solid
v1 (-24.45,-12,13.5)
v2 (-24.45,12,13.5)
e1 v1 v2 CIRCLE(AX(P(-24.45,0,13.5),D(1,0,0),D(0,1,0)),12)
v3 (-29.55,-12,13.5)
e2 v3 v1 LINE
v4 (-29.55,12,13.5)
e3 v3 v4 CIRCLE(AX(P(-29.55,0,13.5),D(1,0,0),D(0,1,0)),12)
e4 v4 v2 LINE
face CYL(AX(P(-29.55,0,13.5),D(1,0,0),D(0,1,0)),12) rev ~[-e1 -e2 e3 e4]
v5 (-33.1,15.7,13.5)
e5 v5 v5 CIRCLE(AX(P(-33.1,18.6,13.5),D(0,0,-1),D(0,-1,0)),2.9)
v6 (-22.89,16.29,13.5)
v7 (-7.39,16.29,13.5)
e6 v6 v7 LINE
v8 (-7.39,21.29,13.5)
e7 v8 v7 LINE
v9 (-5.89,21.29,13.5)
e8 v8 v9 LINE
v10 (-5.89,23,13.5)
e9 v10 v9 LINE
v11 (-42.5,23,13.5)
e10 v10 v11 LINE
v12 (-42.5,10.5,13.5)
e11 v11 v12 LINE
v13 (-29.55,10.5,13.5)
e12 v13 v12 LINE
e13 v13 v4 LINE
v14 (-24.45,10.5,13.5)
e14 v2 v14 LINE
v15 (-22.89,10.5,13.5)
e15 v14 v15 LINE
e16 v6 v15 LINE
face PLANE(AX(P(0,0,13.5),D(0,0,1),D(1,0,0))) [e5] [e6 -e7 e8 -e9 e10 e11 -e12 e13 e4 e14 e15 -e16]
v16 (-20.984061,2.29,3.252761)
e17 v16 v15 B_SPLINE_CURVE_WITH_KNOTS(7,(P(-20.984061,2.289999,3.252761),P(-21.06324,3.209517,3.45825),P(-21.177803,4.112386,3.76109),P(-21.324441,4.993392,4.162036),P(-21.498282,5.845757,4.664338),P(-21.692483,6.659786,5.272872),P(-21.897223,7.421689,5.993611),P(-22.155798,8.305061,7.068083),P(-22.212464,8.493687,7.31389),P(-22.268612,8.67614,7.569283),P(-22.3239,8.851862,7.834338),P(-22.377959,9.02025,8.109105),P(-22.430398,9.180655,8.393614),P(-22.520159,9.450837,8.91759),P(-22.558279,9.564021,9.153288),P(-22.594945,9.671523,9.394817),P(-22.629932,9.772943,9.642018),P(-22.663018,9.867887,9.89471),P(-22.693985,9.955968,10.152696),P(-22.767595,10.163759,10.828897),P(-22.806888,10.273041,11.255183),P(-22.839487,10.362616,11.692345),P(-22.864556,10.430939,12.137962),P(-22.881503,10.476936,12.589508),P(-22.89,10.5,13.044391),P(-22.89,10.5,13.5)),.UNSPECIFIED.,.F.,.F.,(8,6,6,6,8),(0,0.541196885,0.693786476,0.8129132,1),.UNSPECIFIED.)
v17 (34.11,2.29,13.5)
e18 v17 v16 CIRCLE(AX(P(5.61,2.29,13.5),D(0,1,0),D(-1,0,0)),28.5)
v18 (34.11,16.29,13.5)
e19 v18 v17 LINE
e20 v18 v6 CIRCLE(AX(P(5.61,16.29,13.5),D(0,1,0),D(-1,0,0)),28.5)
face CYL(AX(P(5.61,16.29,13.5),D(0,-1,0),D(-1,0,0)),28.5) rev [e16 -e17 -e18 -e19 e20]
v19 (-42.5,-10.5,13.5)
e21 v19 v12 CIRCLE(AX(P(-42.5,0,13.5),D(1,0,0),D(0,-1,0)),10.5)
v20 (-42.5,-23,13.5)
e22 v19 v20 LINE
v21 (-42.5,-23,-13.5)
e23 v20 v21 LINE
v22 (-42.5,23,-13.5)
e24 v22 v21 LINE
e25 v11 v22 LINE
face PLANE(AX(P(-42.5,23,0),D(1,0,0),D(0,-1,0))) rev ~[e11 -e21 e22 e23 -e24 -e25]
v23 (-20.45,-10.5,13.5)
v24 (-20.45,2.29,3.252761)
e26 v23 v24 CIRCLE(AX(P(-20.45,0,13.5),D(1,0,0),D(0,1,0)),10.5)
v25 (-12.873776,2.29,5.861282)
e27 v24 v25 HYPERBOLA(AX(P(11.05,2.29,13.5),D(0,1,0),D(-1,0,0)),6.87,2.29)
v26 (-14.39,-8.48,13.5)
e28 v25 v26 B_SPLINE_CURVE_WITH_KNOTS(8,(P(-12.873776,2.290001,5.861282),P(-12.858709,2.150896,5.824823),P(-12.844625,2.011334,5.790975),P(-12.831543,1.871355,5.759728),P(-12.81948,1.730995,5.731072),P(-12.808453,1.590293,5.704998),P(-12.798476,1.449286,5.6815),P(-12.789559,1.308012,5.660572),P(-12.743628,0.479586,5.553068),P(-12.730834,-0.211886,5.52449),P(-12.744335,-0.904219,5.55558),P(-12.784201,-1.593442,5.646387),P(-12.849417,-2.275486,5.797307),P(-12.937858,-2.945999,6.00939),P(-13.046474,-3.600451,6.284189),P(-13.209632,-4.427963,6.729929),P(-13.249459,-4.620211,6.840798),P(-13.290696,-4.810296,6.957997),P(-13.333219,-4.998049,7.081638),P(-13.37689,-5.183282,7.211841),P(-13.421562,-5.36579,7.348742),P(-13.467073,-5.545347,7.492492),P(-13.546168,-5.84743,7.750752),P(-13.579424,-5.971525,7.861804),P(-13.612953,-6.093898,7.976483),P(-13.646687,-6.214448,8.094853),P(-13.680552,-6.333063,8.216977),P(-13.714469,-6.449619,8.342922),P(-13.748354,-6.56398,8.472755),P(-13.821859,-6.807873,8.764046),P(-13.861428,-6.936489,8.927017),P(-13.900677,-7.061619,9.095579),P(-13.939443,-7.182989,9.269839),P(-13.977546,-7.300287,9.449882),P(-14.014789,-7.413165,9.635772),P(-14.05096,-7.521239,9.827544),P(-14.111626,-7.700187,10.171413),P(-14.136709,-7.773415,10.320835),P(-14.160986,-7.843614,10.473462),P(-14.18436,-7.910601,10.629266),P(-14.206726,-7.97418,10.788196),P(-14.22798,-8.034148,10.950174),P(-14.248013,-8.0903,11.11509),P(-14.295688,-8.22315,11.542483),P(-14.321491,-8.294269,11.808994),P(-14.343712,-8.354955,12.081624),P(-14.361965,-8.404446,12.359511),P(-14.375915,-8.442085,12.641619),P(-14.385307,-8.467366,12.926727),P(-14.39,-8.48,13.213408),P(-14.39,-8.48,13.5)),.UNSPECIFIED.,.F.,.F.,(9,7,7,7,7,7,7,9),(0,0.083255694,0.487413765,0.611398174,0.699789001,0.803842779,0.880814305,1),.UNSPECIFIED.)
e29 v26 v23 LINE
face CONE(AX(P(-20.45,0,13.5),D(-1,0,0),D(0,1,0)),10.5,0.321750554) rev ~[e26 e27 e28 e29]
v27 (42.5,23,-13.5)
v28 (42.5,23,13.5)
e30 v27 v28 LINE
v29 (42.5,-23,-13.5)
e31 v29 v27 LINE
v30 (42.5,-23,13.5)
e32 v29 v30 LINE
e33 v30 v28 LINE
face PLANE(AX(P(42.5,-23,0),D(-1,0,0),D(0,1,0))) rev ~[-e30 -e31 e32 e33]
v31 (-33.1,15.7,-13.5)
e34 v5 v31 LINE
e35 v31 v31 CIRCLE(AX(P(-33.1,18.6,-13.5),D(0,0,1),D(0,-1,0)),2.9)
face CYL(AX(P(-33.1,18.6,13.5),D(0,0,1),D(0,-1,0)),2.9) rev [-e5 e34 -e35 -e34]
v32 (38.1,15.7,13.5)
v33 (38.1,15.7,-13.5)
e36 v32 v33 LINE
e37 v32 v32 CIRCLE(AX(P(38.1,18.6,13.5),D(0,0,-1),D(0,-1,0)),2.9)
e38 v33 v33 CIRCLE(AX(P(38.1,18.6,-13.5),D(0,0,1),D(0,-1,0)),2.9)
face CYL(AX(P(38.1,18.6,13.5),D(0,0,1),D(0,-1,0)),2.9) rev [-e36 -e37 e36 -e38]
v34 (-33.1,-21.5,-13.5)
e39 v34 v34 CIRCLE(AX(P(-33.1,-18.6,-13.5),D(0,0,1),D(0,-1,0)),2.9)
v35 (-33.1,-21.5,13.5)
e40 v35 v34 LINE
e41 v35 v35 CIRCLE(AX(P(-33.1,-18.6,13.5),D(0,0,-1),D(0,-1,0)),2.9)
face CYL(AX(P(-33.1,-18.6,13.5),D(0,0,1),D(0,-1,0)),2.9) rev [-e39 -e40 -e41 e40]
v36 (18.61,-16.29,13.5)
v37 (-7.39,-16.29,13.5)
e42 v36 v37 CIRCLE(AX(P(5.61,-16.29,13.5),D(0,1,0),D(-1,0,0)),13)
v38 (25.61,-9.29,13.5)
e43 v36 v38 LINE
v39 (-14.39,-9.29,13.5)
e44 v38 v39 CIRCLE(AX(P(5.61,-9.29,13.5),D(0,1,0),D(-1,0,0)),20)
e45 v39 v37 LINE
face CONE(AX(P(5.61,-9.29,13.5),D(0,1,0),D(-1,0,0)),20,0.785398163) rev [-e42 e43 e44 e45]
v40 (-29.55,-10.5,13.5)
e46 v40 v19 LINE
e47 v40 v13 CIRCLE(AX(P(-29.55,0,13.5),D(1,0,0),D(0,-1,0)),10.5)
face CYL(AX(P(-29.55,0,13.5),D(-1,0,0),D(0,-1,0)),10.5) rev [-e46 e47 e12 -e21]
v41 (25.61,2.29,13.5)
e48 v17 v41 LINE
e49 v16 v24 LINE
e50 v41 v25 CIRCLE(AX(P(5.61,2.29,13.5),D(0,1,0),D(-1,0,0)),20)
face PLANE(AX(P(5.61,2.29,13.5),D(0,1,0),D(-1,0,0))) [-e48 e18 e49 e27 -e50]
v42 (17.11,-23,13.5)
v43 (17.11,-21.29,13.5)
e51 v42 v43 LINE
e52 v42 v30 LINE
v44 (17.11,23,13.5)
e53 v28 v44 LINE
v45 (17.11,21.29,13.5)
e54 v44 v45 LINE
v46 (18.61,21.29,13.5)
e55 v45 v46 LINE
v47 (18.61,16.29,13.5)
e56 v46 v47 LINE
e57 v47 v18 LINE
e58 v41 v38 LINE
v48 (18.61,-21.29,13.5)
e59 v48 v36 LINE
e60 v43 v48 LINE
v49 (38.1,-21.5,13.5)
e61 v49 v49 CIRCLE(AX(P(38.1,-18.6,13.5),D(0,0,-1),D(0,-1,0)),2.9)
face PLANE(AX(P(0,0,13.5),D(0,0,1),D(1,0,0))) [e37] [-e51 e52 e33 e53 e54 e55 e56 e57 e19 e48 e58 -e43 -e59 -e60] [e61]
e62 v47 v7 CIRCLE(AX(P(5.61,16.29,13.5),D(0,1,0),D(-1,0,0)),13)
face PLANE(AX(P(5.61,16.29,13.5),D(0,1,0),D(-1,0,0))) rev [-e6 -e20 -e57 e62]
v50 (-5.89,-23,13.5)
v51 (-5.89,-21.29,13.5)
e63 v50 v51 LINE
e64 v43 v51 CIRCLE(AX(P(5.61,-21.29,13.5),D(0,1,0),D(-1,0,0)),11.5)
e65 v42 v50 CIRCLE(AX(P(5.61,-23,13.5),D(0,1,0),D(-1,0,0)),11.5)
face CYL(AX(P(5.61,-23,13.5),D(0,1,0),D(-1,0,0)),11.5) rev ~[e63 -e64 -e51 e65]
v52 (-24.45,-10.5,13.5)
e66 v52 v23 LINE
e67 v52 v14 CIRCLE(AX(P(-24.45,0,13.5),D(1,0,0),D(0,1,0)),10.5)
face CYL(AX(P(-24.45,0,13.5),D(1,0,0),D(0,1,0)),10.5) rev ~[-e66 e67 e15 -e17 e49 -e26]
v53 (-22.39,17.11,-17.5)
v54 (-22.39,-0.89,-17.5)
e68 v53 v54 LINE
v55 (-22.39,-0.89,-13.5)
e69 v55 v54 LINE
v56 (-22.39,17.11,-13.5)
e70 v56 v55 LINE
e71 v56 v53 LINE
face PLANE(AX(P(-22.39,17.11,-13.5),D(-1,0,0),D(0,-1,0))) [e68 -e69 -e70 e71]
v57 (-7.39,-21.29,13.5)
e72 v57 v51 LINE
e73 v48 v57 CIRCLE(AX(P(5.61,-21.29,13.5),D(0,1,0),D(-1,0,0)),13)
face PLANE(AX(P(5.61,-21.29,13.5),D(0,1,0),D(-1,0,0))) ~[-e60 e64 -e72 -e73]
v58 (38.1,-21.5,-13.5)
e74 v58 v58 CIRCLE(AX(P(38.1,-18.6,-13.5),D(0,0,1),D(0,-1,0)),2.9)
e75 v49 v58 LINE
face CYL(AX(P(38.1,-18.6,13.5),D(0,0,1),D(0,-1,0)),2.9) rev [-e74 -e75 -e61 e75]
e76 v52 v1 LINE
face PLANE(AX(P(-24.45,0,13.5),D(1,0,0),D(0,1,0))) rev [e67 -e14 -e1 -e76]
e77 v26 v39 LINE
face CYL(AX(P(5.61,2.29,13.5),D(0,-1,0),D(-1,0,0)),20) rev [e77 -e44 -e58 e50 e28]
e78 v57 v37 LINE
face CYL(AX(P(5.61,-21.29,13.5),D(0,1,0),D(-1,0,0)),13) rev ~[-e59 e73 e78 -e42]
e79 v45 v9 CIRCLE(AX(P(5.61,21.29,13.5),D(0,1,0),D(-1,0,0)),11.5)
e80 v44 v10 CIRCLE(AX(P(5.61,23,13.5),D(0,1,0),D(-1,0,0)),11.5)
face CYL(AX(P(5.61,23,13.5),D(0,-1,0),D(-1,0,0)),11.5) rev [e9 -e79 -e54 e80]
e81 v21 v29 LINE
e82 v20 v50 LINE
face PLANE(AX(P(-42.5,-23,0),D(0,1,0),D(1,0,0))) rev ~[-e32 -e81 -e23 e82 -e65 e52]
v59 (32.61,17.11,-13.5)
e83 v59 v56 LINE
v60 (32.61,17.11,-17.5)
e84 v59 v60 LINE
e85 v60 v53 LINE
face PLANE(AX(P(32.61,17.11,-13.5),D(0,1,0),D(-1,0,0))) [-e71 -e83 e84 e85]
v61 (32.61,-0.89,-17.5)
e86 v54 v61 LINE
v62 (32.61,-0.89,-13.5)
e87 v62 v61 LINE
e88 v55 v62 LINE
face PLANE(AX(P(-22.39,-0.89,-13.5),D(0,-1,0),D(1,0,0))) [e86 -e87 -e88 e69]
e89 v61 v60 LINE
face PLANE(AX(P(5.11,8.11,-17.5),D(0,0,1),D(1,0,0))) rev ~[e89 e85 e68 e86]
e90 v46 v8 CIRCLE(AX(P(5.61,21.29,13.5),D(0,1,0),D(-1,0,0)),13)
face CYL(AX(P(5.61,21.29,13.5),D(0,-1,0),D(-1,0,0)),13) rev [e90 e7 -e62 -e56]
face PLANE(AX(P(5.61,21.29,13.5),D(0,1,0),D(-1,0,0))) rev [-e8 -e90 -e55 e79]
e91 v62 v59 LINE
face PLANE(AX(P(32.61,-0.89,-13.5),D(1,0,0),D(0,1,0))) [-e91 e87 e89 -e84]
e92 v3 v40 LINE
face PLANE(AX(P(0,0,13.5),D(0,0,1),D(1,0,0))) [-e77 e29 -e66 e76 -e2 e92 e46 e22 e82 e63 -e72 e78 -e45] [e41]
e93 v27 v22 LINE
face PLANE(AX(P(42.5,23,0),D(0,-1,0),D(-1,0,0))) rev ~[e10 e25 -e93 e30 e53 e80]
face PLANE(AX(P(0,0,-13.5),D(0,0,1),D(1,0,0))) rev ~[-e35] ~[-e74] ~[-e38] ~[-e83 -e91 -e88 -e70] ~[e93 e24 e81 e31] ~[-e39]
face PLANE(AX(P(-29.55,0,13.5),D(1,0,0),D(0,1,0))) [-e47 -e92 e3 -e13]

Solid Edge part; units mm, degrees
sketch "Sketch1" plane through (0, 0, 0) normal (0, 0, 1) x (1, 0, 0)
  line L0 (-42.5, -23) -> (42.5, -23)
  line L1 (42.5, -23) -> (42.5, 23)
  line L2 (42.5, 23) -> (-42.5, 23)
  line L3 (-42.5, 23) -> (-42.5, -23)
  dimension "D1" = 85
  dimension "D2" = 46
extrude "Protrusion1" add sketch "Sketch1" along normal mid plane 27
sketch "Sketch2" plane through (0, 0, -13.5) normal (0, 0, -1) x (0, 1, 0)
  line L0 (-0.89, 32.61) -> (17.11, 32.61)
  line L1 (17.11, 32.61) -> (17.11, -22.39)
  line L2 (17.11, -22.39) -> (-0.89, -22.39)
  line L3 (-0.89, -22.39) -> (-0.89, 32.61)
  dimension "D1" = 18
  dimension "D2" = 55
  dimension "D3" = 5.89
  dimension "D4" = 9.89
extrude "Extrusionsausprägung_2" add sketch "Sketch2" along normal blind 4
sketch "Sketch3" plane through (0, 0, 13.5) normal (0, 0, 1) x (0, 1, 0)
  line L0 (23, -5.61) -> (23, 5.89)
  line L1 (23, 5.89) -> (21.29, 5.89)
  line L2 (21.29, 5.89) -> (21.29, 7.39)
  line L3 (21.29, 7.39) -> (16.29, 7.39)
  line L4 (16.29, 7.39) -> (16.29, 22.89)
  line L5 (16.29, 22.89) -> (2.29, 22.89)
  line L6 (2.29, 22.89) -> (2.29, 14.39)
  line L7 (2.29, 14.39) -> (-9.29, 14.39)
  line L8 (-9.29, 14.39) -> (-16.29, 7.39)
  line L9 (-21.29, 7.39) -> (-16.29, 7.39)
  line L10 (-21.29, 5.89) -> (-21.29, 7.39)
  line L11 (-23, 5.89) -> (-21.29, 5.89)
  line L12 (-23, -5.61) -> (-23, 5.89)
  dimension "D1" = 36.89
  dimension "D2" = 1.71
  dimension "D3" = 5
  dimension "D4" = 1.71
  dimension "D5" = 5
  dimension "D6" = 14
revolve "RevolvedCutout1" cut sketch "Sketch3" angle 360 about axis through (5.61, -23, 13.5) along (0, 1, 0)
sketch "Sketch4" plane through (-24.195, 0, 13.5) normal (0, 0, 1) x (1, 0, 0)
  line L0 (-5.355, 12) -> (-0.255, 12)
  line L1 (-0.255, 0) -> (-0.255, 12)
  line L2 (-5.355, 0) -> (-0.255, 0)
  line L3 (-5.355, 12) -> (-5.355, 0)
  dimension "D1" = 32.61
  dimension "D2" = 5.1
revolve "RevolvedCutout2" cut sketch "Sketch4" angle 360 about axis through (0, 0, 13.5) along (1, 0, 0)
sketch "Sketch5" plane through (-24.195, 0, 13.5) normal (0, 0, 1) x (1, 0, 0)
  line L0 (-0.255, 10.5) -> (3.745, 10.5)
  line L1 (3.745, 10.5) -> (12.745, 7.5)
  line L2 (12.745, 7.5) -> (12.745, 0)
  line L3 (-0.255, 0) -> (12.745, 0)
  line L4 (-0.255, 10.5) -> (-0.255, 0)
  dimension "D1" = 4
  dimension "D2" = 13
revolve "RevolvedCutout3" cut sketch "Sketch5" angle 360 about axis through (-42.5, 0, 13.5) along (1, 0, 0)
sketch "Sketch6" plane through (-24.195, 0, 13.5) normal (0, 0, 1) x (1, 0, 0)
  line L0 (-18.305, 0) -> (-5.355, 0)
  line L1 (-5.355, 0) -> (-5.355, -10.5)
  line L2 (-5.355, -10.5) -> (-18.305, -10.5)
  line L3 (-18.305, -10.5) -> (-18.305, 0)
revolve "RevolvedCutout4" cut sketch "Sketch6" angle 360 about axis through (0, 0, 13.5) along (1, 0, 0)
hole "Bohrung_1" at (38.1, 18.6, 13.5) direction (0, 0, -1) diameter 5.8 end up to next
hole "Hole1" at (38.1, -18.6, 13.5) direction (0, 0, -1) diameter 5.8 end up to next
hole "Hole2" at (-33.1, -18.6, 13.5) direction (0, 0, -1) diameter 5.8 end up to next
hole "Hole3" at (-33.1, 18.6, 13.5) direction (0, 0, -1) diameter 5.8 end up to next
properties material "Polykarbonat"
